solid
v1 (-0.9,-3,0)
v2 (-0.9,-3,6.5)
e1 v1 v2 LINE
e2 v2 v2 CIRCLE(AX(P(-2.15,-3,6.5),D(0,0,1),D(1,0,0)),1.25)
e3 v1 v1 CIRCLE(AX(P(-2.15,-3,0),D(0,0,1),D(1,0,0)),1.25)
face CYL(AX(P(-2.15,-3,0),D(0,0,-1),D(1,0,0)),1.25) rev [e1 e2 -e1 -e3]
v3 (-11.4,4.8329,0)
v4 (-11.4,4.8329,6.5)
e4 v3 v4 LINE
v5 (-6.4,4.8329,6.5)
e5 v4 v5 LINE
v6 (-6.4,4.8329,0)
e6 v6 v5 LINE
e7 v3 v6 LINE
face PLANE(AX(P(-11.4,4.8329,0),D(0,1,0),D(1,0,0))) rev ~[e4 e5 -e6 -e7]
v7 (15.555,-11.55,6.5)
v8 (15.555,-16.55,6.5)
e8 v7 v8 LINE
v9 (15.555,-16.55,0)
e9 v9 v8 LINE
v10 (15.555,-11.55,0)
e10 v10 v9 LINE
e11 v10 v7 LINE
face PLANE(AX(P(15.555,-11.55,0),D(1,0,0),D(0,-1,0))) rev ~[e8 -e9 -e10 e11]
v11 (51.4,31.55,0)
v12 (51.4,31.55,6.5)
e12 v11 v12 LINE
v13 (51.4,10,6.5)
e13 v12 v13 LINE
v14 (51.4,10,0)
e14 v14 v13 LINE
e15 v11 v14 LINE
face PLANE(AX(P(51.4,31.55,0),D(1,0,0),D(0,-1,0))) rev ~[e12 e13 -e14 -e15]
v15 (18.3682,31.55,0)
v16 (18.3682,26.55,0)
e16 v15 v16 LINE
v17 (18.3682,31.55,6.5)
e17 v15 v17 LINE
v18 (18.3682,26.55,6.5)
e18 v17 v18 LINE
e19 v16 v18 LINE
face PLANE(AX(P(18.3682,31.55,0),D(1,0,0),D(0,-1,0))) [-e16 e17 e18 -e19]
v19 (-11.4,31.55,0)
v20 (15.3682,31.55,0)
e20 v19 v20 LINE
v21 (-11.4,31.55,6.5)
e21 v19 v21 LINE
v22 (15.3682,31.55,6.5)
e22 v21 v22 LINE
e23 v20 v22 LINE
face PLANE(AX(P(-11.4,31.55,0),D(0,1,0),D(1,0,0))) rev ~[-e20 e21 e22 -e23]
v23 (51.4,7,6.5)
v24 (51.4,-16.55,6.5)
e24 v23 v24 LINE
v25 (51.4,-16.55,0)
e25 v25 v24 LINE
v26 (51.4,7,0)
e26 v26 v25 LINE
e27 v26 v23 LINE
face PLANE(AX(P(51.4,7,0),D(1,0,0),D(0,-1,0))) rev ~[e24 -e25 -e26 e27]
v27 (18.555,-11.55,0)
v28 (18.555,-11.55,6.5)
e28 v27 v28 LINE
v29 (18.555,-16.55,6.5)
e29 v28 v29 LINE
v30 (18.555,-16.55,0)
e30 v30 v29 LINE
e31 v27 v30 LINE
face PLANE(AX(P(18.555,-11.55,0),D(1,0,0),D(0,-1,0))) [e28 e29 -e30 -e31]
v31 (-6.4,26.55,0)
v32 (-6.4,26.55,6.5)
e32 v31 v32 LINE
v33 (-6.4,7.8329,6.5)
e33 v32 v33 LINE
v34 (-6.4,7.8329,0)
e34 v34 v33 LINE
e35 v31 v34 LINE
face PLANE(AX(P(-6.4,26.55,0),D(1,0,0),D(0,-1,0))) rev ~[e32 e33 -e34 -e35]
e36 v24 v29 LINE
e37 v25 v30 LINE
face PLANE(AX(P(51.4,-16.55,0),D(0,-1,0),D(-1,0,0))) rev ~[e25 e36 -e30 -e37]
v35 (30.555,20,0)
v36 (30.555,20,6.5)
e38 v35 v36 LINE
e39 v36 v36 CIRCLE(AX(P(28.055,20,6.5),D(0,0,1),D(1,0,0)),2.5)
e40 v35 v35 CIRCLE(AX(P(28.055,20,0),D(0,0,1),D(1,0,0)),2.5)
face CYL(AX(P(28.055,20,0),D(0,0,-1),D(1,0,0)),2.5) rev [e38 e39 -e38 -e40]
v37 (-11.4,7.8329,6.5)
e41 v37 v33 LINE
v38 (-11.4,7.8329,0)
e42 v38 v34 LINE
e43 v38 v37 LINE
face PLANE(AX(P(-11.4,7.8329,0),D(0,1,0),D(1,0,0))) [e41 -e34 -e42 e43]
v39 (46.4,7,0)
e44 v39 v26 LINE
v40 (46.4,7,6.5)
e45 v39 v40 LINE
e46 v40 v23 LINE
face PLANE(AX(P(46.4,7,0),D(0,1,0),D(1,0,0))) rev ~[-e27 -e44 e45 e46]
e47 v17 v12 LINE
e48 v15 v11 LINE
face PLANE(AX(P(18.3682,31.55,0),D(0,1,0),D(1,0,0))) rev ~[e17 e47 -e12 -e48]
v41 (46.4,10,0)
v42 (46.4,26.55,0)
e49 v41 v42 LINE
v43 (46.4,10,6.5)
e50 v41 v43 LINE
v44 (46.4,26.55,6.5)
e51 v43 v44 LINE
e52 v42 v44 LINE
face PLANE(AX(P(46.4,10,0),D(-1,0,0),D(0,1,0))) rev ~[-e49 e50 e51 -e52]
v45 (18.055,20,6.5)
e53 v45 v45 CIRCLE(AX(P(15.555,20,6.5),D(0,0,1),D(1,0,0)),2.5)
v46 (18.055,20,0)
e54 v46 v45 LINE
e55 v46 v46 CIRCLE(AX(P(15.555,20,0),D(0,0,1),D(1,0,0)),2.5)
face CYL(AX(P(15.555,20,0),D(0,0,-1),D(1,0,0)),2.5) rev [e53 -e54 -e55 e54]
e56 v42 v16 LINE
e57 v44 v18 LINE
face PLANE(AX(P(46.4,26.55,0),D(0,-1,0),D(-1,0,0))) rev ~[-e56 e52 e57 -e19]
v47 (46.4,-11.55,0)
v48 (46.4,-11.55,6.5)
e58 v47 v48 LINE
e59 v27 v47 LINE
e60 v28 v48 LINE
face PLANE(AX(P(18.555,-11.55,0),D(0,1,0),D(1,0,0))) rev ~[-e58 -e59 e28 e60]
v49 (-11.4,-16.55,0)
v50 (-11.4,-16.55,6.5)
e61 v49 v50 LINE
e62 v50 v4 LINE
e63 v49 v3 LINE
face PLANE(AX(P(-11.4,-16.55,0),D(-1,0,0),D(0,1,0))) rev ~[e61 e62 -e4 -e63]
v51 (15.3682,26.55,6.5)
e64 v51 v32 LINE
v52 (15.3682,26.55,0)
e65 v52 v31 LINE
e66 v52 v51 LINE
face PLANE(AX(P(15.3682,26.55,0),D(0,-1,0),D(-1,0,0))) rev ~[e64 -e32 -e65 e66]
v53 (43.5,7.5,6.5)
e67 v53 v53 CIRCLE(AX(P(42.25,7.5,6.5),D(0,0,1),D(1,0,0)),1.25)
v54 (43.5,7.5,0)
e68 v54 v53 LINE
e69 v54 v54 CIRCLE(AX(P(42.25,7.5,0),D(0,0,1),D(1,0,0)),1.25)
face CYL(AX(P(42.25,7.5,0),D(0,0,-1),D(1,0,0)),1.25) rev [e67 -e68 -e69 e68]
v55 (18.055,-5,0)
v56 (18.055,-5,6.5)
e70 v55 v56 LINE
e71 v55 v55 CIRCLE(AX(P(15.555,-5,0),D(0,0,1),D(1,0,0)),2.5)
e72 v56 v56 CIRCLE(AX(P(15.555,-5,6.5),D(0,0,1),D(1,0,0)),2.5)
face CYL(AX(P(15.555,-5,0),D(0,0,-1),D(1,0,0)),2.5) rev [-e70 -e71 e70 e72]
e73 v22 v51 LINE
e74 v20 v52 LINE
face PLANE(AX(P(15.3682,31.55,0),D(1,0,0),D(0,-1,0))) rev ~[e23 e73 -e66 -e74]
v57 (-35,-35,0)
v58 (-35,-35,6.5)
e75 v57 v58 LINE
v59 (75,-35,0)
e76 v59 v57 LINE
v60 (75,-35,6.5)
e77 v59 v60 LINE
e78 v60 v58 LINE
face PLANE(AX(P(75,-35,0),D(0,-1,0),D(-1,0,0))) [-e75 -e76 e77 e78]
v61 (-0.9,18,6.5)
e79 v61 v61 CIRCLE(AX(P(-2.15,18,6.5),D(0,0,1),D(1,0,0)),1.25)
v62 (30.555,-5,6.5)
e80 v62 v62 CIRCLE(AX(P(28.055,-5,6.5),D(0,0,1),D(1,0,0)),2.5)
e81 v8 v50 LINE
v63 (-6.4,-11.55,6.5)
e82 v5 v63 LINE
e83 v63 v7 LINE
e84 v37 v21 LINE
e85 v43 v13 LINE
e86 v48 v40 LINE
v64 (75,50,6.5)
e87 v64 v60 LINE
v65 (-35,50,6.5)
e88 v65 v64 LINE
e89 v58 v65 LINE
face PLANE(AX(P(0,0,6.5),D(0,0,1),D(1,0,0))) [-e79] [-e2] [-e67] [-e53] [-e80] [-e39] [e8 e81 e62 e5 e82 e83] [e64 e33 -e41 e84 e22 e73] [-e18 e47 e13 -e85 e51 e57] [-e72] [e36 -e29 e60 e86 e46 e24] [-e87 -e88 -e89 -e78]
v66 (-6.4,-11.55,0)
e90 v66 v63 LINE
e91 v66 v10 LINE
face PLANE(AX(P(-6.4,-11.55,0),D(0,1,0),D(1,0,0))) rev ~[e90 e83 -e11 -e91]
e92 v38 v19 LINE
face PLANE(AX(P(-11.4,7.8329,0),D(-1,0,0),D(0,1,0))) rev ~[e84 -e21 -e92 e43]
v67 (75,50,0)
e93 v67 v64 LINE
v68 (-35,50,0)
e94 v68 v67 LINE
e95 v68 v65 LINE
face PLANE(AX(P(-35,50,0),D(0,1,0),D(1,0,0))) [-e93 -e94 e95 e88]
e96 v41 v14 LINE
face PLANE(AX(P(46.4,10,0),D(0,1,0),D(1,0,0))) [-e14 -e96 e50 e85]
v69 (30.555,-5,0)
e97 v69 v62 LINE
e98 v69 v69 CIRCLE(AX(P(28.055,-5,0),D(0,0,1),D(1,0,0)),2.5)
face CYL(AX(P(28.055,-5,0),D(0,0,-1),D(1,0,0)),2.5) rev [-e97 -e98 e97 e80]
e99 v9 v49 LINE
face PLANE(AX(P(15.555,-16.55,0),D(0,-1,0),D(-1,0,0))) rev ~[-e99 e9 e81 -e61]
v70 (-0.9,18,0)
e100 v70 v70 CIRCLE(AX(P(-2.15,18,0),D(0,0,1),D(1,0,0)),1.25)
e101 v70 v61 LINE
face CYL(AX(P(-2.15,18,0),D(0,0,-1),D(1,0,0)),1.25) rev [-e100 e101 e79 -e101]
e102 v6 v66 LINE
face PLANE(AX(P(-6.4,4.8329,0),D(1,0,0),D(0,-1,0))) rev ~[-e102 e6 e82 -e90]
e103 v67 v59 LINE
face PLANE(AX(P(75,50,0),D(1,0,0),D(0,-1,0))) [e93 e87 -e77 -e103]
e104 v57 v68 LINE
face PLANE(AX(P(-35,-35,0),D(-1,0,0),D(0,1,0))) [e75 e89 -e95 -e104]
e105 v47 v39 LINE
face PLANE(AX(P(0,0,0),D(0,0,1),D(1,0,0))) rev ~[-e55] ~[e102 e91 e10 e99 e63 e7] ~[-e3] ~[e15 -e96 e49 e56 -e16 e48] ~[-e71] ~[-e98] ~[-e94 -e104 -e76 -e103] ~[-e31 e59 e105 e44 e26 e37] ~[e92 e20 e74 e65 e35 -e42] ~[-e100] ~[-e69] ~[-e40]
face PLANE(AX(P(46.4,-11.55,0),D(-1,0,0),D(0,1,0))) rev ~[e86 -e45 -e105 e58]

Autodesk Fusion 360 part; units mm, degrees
sketch "Esquisse1" plane through (0, 0, 0) normal (0, 0, 1) x (1, 0, 0)
  line L0 (-35, 50) -> (75, 50)
  line L1 (75, 50) -> (75, -35)
  line L2 (75, -35) -> (-35, -35)
  line L3 (-35, -35) -> (-35, 50)
  circle A0 centre (28.055, -5) radius 2.5
  circle A1 centre (-2.15, 18) radius 1.25
  circle A2 centre (15.555, -5) radius 2.5
  circle A3 centre (-2.15, -3) radius 1.25
  circle A4 centre (15.555, 20) radius 2.5
  circle A5 centre (42.25, 7.5) radius 1.25
  circle A6 centre (28.055, 20) radius 2.5
  line L4 (-11.4, 4.8329) -> (-6.4, 4.8329)
  line L5 (-11.4, 7.8329) -> (-6.4, 7.8329)
  line L6 (15.3682, 31.55) -> (15.3682, 26.55)
  line L7 (18.3682, 31.55) -> (18.3682, 26.55)
  line L8 (46.4, 10) -> (51.4, 10)
  line L9 (46.4, 7) -> (51.4, 7)
  line L10 (15.555, -11.55) -> (15.555, -16.55)
  line L11 (18.555, -11.55) -> (18.555, -16.55)
  line L12 (-11.4, 31.55) -> (15.3682, 31.55)
  line L13 (18.3682, 31.55) -> (51.4, 31.55)
  line L14 (46.4, 26.55) -> (18.3682, 26.55)
  line L15 (15.3682, 26.55) -> (-6.4, 26.55)
  line L16 (51.4, 31.55) -> (51.4, 10)
  line L17 (51.4, 7) -> (51.4, -16.55)
  line L18 (46.4, -11.55) -> (46.4, 7)
  line L19 (46.4, 10) -> (46.4, 26.55)
  line L20 (-6.4, -11.55) -> (15.555, -11.55)
  line L21 (18.555, -11.55) -> (46.4, -11.55)
  line L22 (51.4, -16.55) -> (18.555, -16.55)
  line L23 (15.555, -16.55) -> (-11.4, -16.55)
  line L24 (-11.4, -16.55) -> (-11.4, 4.8329)
  line L25 (-11.4, 7.8329) -> (-11.4, 31.55)
  line L26 (-6.4, 26.55) -> (-6.4, 7.8329)
  line L27 (-6.4, 4.8329) -> (-6.4, -11.55)
  point P0 (20, 10)
  dimension "d1" = 110
  dimension "d2" = 85
  dimension "d3" = 2.5
  dimension "d4" = 2.5
  dimension "d5" = 5
  dimension "d6" = 5
  dimension "d7" = 5
  dimension "d8" = 5
  dimension "d9" = 2.5
  dimension "d10" = 38.1
  dimension "d11" = 52.8
  dimension "d12" = 6.55
  dimension "d13" = 6.55
  dimension "d14" = 8.55
  dimension "d15" = 8.55
  dimension "d16" = 6.55
  dimension "d17" = 6.55
  dimension "d18" = 19.05
  dimension "d19" = 4.15
  dimension "d20" = 18.345
  dimension "d21" = 30.845
  dimension "d22" = 4.25
  dimension "d23" = 4.25
  dimension "d24" = 21.955
  dimension "d25" = 18.345
  dimension "d26" = 23.45
  dimension "d27" = 38.1
  dimension "d28" = 52.8
  dimension "d30" = 28.6
  dimension "d35" = 5
  dimension "d36" = 5
  dimension "d37" = 5
  dimension "d38" = 5
  dimension "d39" = 3
  dimension "d40" = 3
  dimension "d41" = 3
  dimension "d42" = 3
extrude "Extrusion3" add sketch "Esquisse1" along normal blind 6.5 contours L0 L1 L2 L3 | A1 | A3 | A5
sketch "Esquisse3" plane through (0, 0, 6.5) normal (0, 0, 1) x (-1, 0, 0)
  circle A0 centre (-15.555, -20) radius 2.5
  circle A1 centre (-28.055, -20) radius 2.5
  line L0 (11.4, -4.8329) -> (6.4, -4.8329)
  line L1 (6.4, -4.8329) -> (6.4, 11.55)
  line L2 (6.4, 11.55) -> (-15.555, 11.55)
  line L3 (-15.555, 11.55) -> (-15.555, 16.55)
  line L4 (-15.555, 16.55) -> (11.4, 16.55)
  line L5 (11.4, 16.55) -> (11.4, -4.8329)
  line L6 (-18.3682, -26.55) -> (-18.3682, -31.55)
  line L7 (-18.3682, -31.55) -> (-51.4, -31.55)
  line L8 (-51.4, -31.55) -> (-51.4, -10)
  line L9 (-51.4, -10) -> (-46.4, -10)
  line L10 (-46.4, -10) -> (-46.4, -26.55)
  line L11 (-46.4, -26.55) -> (-18.3682, -26.55)
  circle A2 centre (-28.055, 5) radius 2.5
  line L12 (-18.555, 16.55) -> (-18.555, 11.55)
  line L13 (-18.555, 11.55) -> (-46.4, 11.55)
  line L14 (-46.4, 11.55) -> (-46.4, -7)
  line L15 (-46.4, -7) -> (-51.4, -7)
  line L16 (-51.4, -7) -> (-51.4, 16.55)
  line L17 (-51.4, 16.55) -> (-18.555, 16.55)
  line L18 (6.4, -7.8329) -> (11.4, -7.8329)
  line L19 (11.4, -7.8329) -> (11.4, -31.55)
  line L20 (11.4, -31.55) -> (-15.3682, -31.55)
  line L21 (-15.3682, -31.55) -> (-15.3682, -26.55)
  line L22 (-15.3682, -26.55) -> (6.4, -26.55)
  line L23 (6.4, -26.55) -> (6.4, -7.8329)
  circle A3 centre (-15.555, 5) radius 2.5
  line L24 (35, 35) -> (-75, 35)
  line L25 (-75, 35) -> (-75, -50)
  line L26 (-75, -50) -> (35, -50)
  line L27 (35, -50) -> (35, 35)
  line L28 (6.4, 35) -> (6.4, -50) construction
extrude "Extrusion4" cut sketch "Esquisse1" along normal blind 6.5 contours A1 | A3 | A5
